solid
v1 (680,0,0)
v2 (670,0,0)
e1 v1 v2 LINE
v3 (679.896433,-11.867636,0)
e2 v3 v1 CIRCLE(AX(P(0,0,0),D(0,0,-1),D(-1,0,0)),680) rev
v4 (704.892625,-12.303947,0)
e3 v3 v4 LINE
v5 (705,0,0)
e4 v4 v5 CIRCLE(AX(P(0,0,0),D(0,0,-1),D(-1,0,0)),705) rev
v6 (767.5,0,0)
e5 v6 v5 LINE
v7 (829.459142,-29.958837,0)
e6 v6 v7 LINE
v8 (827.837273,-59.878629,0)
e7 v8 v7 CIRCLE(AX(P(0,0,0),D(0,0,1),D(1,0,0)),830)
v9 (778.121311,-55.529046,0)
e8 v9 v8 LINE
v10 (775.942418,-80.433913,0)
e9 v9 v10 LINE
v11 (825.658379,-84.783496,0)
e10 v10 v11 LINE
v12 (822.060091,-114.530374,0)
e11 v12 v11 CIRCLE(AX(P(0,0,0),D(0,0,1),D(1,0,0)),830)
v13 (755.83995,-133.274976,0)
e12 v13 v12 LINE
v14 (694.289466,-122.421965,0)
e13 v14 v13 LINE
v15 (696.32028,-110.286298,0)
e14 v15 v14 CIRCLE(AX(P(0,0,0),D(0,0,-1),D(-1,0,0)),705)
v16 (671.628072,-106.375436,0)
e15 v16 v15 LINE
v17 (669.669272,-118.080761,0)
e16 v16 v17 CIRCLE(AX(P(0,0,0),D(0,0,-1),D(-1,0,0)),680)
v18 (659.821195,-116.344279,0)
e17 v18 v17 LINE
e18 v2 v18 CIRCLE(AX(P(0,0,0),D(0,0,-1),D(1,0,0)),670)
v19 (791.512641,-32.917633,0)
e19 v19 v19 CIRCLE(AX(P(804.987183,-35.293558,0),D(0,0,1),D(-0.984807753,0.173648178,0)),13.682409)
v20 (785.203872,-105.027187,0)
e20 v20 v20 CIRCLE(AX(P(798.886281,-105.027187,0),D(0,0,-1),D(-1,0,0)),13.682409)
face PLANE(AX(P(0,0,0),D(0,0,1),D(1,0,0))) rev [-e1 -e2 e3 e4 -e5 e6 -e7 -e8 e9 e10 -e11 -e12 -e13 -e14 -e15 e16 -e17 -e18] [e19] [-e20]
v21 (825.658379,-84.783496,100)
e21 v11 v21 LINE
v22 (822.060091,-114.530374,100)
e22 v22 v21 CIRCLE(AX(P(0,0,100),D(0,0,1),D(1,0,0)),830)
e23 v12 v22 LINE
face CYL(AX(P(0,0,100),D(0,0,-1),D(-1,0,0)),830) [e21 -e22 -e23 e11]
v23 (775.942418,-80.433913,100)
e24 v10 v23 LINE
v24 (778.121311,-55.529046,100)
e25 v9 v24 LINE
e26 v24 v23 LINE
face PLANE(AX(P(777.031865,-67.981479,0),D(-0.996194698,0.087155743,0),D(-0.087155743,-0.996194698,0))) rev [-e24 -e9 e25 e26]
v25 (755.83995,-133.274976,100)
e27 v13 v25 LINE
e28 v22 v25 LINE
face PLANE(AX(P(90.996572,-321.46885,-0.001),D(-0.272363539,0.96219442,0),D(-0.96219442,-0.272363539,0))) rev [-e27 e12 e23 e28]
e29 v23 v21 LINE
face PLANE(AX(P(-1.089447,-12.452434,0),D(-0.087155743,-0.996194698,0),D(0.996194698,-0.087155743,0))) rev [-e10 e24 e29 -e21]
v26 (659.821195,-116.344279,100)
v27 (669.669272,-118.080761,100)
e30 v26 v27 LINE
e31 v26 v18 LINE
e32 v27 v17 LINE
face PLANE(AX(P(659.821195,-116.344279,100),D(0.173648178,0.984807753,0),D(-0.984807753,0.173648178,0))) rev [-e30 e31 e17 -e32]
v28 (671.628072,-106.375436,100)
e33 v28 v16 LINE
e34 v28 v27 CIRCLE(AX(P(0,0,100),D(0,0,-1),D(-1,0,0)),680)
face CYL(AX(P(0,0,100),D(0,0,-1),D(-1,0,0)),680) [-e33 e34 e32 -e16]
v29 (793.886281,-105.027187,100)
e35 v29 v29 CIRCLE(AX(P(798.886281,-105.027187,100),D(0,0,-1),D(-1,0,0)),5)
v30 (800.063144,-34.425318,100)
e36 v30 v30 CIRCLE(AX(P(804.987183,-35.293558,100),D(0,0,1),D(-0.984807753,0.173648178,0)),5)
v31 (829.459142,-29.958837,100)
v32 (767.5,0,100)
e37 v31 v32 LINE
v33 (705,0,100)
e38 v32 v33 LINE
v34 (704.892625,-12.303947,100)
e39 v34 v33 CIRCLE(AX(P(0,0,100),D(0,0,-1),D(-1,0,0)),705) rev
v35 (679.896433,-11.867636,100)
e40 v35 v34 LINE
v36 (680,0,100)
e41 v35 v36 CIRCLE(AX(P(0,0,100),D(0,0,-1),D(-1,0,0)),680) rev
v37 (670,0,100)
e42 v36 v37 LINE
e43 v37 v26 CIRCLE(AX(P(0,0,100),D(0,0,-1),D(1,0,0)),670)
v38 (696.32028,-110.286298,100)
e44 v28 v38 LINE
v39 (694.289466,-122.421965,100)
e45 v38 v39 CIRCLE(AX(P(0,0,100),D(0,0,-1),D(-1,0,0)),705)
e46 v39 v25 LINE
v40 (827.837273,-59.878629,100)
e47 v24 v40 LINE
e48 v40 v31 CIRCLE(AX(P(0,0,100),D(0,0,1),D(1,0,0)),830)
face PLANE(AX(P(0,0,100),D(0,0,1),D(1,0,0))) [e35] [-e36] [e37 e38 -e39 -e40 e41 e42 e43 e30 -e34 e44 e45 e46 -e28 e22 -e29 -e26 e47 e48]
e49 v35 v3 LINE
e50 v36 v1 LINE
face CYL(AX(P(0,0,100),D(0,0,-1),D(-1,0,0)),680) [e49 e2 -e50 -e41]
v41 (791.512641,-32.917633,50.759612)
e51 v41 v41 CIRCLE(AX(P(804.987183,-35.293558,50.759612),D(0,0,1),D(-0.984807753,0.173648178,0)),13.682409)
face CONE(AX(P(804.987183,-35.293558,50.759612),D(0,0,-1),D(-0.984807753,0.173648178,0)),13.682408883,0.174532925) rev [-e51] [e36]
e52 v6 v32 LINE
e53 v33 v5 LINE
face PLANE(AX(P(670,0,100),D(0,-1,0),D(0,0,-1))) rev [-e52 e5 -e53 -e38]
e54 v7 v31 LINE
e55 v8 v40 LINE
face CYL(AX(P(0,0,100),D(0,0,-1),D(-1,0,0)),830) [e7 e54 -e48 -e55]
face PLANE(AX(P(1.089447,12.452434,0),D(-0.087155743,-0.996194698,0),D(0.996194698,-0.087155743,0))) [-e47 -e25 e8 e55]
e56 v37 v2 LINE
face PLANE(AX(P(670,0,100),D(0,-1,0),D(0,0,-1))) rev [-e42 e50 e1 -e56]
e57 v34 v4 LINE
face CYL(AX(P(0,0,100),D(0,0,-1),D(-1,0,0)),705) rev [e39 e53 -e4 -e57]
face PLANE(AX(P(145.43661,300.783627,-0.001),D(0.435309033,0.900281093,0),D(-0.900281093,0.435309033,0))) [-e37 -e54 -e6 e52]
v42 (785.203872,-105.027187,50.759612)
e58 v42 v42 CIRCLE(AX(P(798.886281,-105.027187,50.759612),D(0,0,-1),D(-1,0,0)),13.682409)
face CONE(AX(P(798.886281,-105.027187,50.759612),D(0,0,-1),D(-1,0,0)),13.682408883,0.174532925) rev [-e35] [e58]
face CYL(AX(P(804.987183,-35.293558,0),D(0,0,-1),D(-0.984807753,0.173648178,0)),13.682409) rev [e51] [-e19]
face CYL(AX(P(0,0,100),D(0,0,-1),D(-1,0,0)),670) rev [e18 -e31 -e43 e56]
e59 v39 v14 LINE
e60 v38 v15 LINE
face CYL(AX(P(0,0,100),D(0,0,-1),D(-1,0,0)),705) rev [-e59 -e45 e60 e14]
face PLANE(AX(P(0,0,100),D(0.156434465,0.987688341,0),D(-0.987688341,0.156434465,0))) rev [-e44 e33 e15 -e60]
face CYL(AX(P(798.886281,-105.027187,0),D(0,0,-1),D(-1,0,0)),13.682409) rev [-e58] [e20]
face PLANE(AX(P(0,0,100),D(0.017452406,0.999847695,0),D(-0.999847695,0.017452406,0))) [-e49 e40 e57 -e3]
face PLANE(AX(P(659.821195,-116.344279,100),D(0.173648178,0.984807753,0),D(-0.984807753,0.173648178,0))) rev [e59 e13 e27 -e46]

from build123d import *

# Parameters (mm, degrees)
EXTRUDE_1_DEPTH     = 100
CUT_EXTRUDE_1_DEPTH = 849.335356313
CUT_EXTRUDE_2_DEPTH = 849.335356313
CUT_EXTRUDE_3_REACH = 850.335


with BuildPart() as part:
    # 草图1 → 凸台-拉伸1 (new body)
    with BuildSketch(Plane.XY):
        with BuildLine():
            Line((670, 0), (830, 0))
            ThreePointArc((830, 0), (826.841599416, -72.339266481), (817.390435, -144.127987464))
            Line((817.390435, -144.127987464), (659.821194518, -116.344279037))
            ThreePointArc((659.821194518, -116.344279037), (667.450447721, -58.394347641), (670, 0))
        make_face()
    extrude(amount=EXTRUDE_1_DEPTH)

    # 草图3 → 切除-拉伸1 (cut, through all)
    with BuildSketch(Plane.XY.offset(100)):
        with BuildLine():
            Line((778.121311296, -55.529045617), (777.031864512, -67.981479343))
            Line((777.031864512, -67.981479343), (775.942417727, -80.433913069))
            Line((775.942417727, -80.433913069), (825.658378988, -84.783496076))
            ThreePointArc((825.658378988, -84.783496076), (826.841599416, -72.339266481), (827.837272557, -59.878628624))
            Line((827.837272557, -59.878628624), (778.121311296, -55.529045617))
        make_face()
    extrude(amount=-CUT_EXTRUDE_1_DEPTH, mode=Mode.SUBTRACT)

    # 草图5 → 切除-旋转1 (revolve, cut)
    with BuildSketch(Plane(origin=(-3.050450996, -34.866814433, 0), x_dir=(-0.9961946980917455, 0.08715574274765771, 0), z_dir=(-0.08715574274765771, -0.9961946980917455, 0)), mode=Mode.PRIVATE) as cut_revolve_1_sk:
        Polygon((-805, -100), (-810, -100), (-818.682408883, -50.759612349), (-818.682408883, 0), (-805, 0), align=None)
    cut_revolve_1 = revolve(cut_revolve_1_sk.sketch.rotate(Axis((798.886280968, -105.027187345, 0), (0, 0, 1)), 185), axis=Axis((798.886280968, -105.027187345, 0), (0, 0, 1)), mode=Mode.SUBTRACT)

    # 镜向1: 切除-旋转1 across plane
    add(cut_revolve_1.mirror(Plane(origin=(0, 0, 0), x_dir=(0, 0, 1), z_dir=(-0.08715574274765854, -0.9961946980917457, 0))), mode=Mode.SUBTRACT)

    # 草图6 → 切除-拉伸2 (cut, through all)
    with BuildSketch(Plane(origin=(0, 0, 0), x_dir=(-1, 0, 0), z_dir=(0, 0, -1))):
        with BuildLine():
            Line((-669.669272048, -118.080760814), (-694.289465874, -122.421965255))
            ThreePointArc((-694.289465874, -122.421965255), (-695.331349084, -116.358562132), (-696.32028012, -110.286297853))
            Line((-696.32028012, -110.286297853), (-671.628071605, -106.375436227))
            ThreePointArc((-671.628071605, -106.375436227), (-670.674209045, -112.232371985), (-669.669272048, -118.080760814))
        make_face()
        with BuildLine():
            Line((-679.896432706, -11.867636377), (-704.892625085, -12.303946538))
            ThreePointArc((-704.892625085, -12.303946538), (-704.97315576, -6.152207526), (-705, 0))
            Line((-705, 0), (-680, 0))
            ThreePointArc((-680, 0), (-679.974107684, -5.934044139), (-679.896432706, -11.867636377))
        make_face()
    extrude(amount=-CUT_EXTRUDE_2_DEPTH, mode=Mode.SUBTRACT)

    # 草图7 → 切除-拉伸3 (cut, up to next)
    with BuildSketch(Plane.XY.offset(100), mode=Mode.PRIVATE) as cut_extrude_3_sk1:
        with BuildLine():
            Line((767.5, 0), (829.459141918, -29.958836576))
            ThreePointArc((829.459141918, -29.958836576), (829.864774464, -14.981859167), (830, 0))
            Line((830, 0), (767.5, 0))
        make_face()
    cut_extrude_3_tool1 = extrude(cut_extrude_3_sk1.sketch, amount=-CUT_EXTRUDE_3_REACH, mode=Mode.PRIVATE) & part.part
    # 草图7 → 切除-拉伸3 (cut, up to next)
    with BuildSketch(Plane.XY.offset(100), mode=Mode.PRIVATE) as cut_extrude_3_sk2:
        with BuildLine():
            Line((822.060091144, -114.530373912), (755.839950437, -133.274976359))
            Line((755.839950437, -133.274976359), (817.390435, -144.127987464))
            ThreePointArc((817.390435, -144.127987464), (819.858836386, -129.350254733), (822.060091144, -114.530373912))
        make_face()
    cut_extrude_3_tool2 = extrude(cut_extrude_3_sk2.sketch, amount=-CUT_EXTRUDE_3_REACH, mode=Mode.PRIVATE) & part.part
    add(cut_extrude_3_tool1.solids().sort_by_distance((809.046215, -10.000647, 100))[0], mode=Mode.SUBTRACT)
    add(cut_extrude_3_tool2.solids().sort_by_distance((798.491579, -130.640686, 100))[0], mode=Mode.SUBTRACT)


solid = part.part
